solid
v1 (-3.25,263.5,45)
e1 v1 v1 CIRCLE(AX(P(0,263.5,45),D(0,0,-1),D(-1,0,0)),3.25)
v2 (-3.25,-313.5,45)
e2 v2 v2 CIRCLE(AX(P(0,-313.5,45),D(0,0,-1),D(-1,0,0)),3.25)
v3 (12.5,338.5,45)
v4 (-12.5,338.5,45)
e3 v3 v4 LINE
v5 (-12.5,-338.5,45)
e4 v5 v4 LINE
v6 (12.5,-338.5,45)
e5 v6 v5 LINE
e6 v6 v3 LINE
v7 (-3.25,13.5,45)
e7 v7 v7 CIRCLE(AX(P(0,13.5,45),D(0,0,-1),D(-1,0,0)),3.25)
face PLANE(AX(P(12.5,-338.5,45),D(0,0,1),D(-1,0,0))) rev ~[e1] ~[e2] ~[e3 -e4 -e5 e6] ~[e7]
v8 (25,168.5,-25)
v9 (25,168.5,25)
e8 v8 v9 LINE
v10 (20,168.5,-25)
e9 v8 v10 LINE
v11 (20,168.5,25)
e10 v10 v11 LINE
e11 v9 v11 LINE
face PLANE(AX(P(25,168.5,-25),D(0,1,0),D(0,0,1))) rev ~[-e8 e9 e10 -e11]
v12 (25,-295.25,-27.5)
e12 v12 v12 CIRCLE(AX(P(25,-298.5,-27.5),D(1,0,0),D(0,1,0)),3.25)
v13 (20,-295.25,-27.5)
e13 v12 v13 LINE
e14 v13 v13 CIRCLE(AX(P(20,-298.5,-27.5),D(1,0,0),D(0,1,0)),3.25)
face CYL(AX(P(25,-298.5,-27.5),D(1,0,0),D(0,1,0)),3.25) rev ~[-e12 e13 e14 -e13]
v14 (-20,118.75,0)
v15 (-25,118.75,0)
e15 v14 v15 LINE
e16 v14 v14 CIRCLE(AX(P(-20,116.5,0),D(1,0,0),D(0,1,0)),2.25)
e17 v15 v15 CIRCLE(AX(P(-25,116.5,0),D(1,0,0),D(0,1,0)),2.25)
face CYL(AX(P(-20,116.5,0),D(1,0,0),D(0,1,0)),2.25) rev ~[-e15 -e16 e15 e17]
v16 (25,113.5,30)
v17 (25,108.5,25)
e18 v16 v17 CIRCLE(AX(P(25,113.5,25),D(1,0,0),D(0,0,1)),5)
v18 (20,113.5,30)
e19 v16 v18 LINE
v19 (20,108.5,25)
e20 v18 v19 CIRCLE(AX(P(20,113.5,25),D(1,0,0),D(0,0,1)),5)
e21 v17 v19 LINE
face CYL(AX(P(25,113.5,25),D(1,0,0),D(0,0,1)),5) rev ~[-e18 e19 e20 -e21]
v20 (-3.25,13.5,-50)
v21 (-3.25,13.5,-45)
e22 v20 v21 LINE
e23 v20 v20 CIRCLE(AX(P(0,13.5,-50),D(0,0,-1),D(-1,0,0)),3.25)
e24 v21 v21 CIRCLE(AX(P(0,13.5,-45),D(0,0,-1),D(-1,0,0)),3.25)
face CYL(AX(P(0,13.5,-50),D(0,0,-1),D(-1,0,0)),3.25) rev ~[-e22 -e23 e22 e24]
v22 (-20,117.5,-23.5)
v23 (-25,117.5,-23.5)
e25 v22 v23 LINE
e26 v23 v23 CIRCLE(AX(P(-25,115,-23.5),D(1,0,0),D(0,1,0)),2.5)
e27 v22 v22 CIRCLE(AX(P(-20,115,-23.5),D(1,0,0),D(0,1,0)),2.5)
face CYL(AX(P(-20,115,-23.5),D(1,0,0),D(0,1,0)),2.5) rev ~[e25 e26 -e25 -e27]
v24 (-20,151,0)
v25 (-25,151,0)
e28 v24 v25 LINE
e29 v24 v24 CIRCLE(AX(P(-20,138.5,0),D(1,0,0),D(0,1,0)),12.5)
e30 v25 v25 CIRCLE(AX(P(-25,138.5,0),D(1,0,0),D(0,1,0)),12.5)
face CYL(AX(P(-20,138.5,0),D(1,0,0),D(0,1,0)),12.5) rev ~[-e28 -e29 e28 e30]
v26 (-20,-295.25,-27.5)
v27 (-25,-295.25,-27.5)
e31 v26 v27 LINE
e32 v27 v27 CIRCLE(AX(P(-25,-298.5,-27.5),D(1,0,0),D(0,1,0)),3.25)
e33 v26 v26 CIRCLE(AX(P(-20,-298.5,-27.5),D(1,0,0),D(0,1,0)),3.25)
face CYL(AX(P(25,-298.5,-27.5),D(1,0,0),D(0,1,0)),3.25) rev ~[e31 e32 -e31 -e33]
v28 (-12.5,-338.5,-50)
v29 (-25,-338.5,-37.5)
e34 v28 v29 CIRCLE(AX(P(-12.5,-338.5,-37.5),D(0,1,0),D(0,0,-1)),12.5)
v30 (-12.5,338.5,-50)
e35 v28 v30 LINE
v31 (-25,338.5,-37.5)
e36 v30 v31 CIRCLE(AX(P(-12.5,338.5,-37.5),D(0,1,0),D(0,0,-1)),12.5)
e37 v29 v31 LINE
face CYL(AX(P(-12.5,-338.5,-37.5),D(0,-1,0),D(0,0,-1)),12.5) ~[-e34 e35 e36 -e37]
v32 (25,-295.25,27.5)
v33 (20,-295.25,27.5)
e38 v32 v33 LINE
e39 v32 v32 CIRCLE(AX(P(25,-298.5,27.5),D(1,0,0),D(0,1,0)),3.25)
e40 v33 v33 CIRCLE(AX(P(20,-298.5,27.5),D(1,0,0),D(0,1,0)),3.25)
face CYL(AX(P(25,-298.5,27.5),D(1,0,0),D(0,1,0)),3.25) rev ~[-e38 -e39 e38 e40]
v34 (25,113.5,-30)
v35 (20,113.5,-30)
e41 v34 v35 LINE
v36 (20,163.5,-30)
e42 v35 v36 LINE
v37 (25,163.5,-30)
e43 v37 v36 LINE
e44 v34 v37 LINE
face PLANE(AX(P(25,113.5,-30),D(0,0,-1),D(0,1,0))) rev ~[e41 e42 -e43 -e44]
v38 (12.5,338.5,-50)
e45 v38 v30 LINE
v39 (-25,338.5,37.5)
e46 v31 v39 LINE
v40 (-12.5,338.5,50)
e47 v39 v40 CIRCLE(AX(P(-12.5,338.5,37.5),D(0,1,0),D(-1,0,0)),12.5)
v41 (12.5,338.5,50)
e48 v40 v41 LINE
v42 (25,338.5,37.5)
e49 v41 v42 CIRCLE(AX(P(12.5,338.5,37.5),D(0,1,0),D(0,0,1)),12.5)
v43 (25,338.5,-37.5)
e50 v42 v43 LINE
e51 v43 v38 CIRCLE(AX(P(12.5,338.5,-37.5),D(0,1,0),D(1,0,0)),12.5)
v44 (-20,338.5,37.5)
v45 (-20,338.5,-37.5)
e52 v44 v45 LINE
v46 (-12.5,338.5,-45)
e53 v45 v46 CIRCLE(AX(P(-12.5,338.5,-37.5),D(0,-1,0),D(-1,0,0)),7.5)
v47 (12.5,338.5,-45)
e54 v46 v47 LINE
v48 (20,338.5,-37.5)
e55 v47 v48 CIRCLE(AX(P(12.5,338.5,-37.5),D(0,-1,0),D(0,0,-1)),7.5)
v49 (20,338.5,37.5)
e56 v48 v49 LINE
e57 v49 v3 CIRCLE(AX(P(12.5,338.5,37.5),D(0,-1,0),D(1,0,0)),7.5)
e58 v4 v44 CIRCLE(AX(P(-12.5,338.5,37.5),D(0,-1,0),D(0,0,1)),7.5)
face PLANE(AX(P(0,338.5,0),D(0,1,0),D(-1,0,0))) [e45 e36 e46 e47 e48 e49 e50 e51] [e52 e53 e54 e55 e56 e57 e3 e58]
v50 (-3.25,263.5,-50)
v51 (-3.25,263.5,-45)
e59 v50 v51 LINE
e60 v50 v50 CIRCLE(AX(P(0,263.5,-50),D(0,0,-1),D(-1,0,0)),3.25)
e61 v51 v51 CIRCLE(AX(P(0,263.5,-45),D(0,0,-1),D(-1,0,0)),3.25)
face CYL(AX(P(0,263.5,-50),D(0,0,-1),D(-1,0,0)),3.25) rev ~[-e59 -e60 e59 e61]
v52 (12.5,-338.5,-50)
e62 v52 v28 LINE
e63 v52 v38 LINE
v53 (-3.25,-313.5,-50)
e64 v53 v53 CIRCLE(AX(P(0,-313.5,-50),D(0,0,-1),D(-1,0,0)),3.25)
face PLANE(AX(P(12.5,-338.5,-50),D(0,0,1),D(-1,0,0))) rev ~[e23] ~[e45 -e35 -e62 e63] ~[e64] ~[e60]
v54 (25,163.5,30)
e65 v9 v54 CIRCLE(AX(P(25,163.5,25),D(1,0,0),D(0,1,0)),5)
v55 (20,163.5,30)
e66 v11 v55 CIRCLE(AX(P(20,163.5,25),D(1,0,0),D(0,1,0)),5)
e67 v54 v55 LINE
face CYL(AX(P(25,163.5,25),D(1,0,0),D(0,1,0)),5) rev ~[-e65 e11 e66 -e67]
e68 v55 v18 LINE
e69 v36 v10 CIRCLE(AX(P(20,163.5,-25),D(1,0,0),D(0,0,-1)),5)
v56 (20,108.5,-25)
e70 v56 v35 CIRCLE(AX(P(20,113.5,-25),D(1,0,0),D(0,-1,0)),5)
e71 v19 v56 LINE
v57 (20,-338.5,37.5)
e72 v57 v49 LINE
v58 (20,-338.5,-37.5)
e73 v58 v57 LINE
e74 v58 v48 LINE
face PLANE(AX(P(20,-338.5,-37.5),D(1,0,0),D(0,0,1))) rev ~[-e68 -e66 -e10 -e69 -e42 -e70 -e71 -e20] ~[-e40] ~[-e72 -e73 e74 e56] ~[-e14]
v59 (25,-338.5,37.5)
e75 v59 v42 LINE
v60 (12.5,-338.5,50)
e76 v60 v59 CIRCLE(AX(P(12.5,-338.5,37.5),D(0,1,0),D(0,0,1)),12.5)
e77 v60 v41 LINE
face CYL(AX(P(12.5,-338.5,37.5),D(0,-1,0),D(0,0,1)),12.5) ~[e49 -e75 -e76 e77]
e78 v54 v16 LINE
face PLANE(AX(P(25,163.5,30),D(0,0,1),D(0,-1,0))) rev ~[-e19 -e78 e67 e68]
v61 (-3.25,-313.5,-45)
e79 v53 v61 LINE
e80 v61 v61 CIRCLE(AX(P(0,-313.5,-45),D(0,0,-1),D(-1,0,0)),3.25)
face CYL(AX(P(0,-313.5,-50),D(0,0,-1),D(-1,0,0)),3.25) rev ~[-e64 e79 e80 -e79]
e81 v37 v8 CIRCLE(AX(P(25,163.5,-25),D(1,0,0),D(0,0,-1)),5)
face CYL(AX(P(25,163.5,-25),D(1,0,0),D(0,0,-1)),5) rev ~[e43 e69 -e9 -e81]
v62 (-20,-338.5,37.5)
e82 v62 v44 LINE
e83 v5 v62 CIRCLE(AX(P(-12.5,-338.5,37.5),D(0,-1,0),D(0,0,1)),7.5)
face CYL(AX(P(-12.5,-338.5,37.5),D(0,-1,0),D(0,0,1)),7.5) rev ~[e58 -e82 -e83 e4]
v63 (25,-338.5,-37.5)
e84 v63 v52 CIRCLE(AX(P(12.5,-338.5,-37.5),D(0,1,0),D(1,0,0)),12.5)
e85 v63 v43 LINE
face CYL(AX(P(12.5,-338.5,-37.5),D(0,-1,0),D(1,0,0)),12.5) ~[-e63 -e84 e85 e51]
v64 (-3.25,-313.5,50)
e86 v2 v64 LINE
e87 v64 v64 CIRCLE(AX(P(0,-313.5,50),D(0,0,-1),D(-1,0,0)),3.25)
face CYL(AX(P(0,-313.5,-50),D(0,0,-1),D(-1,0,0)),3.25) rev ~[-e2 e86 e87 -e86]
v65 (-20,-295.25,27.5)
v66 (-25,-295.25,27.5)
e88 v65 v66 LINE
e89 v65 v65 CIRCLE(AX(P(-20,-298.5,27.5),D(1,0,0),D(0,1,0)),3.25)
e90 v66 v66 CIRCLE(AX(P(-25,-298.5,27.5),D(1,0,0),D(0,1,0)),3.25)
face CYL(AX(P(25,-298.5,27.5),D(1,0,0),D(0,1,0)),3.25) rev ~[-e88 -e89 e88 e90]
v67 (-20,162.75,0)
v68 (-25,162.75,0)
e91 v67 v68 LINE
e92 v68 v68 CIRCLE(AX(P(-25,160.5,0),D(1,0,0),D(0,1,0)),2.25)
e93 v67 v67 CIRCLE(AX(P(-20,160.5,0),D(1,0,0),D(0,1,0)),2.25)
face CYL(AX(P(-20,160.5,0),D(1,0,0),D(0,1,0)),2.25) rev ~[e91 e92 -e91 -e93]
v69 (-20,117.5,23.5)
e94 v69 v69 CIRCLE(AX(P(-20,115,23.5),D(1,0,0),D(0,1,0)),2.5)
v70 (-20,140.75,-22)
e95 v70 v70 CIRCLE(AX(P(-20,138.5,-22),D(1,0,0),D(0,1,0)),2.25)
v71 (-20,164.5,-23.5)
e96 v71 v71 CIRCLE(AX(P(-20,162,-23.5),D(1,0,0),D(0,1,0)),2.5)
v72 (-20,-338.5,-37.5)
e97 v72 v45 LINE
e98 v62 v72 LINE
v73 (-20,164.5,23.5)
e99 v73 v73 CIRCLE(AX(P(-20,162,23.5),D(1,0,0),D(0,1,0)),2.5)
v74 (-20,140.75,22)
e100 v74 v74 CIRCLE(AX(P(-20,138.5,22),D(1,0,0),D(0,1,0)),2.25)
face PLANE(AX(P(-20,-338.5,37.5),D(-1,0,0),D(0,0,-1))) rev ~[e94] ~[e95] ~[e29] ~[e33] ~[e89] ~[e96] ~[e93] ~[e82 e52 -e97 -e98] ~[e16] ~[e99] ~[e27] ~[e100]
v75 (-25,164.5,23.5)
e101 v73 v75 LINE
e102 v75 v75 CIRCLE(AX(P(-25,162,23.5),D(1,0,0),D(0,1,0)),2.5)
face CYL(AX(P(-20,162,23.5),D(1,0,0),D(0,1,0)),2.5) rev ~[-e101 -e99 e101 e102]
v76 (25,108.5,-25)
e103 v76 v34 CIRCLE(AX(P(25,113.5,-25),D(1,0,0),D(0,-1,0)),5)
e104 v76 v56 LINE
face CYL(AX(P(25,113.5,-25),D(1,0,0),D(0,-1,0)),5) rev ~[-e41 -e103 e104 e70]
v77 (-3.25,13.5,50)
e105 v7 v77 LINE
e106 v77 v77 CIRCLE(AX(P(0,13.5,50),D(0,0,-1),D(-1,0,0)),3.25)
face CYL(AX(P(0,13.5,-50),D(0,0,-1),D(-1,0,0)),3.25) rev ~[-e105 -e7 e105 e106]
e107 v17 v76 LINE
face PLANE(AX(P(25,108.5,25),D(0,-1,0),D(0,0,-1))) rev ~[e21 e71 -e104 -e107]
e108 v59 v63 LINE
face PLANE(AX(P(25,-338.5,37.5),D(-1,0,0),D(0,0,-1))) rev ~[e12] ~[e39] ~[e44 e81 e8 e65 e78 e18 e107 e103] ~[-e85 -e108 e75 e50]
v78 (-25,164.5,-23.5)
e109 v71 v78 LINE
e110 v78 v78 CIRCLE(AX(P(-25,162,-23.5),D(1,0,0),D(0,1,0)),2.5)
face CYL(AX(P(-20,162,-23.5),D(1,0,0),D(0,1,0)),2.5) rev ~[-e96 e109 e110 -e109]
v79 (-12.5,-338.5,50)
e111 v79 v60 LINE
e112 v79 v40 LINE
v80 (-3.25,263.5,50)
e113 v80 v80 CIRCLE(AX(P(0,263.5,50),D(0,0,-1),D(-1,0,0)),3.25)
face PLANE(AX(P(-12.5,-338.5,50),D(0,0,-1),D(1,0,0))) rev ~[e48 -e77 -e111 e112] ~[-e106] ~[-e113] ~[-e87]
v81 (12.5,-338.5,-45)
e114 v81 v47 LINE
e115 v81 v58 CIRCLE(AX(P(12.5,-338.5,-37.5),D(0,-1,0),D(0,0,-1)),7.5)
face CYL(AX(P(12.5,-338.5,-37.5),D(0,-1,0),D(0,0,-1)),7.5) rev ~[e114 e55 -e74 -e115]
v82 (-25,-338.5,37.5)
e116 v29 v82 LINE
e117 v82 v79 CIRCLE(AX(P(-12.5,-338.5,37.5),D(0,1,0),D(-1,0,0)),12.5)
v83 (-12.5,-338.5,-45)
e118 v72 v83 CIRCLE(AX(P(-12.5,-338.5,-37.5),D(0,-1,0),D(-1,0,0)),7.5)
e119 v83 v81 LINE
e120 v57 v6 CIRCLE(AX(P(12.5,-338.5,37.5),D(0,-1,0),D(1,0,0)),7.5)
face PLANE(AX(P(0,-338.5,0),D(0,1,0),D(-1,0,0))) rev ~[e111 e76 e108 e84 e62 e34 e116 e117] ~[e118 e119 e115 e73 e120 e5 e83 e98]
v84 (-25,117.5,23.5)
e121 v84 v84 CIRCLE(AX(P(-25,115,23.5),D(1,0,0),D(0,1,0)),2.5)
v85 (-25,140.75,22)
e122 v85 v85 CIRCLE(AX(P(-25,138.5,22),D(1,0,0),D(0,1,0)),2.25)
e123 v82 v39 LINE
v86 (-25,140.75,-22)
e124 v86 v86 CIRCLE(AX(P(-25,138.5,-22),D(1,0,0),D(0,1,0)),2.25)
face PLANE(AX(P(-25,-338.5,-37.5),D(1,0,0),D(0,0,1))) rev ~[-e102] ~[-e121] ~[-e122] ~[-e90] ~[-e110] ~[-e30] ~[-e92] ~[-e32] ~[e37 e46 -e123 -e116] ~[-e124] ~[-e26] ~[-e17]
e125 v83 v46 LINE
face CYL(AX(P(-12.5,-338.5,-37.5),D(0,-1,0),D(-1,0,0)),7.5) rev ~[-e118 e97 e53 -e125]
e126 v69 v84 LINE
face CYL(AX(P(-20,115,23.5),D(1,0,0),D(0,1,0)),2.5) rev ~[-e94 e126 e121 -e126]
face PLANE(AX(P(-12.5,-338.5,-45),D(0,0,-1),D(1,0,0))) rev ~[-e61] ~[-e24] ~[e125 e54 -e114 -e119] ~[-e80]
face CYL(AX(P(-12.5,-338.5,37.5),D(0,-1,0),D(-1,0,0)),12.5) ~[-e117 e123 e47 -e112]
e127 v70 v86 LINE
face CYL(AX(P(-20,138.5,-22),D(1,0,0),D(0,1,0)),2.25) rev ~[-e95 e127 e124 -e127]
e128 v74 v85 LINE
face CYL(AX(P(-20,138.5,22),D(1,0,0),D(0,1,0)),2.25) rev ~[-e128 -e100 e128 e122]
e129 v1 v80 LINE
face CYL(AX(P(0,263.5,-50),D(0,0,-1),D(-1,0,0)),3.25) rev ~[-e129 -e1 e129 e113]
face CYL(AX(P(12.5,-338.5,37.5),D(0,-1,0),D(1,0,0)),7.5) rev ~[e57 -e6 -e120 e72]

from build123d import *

# Parameters (mm, degrees)
RHS_C350_AS_100X50X5_0_RHS_C350_1_DEPTH = 677
SKETCH12_R                              = 2.25
CUT_EXTRUDE1_DEPTH                      = 10
CUT_EXTRUDE2_DEPTH                      = 10
SKETCH17_R                              = 12.5
SKETCH17_R_2                            = 2.5
CUT_EXTRUDE3_DEPTH                      = 10
SKETCH18_R                              = 3.25
CUT_EXTRUDE4_DEPTH                      = 354.846364966
SKETCH19_R                              = 3.25
CUT_EXTRUDE5_DEPTH                      = 354.846364966
SKETCH20_R                              = 3.25
CUT_EXTRUDE6_DEPTH                      = 346.806665638
SKETCH21_R                              = 2.25
CUT_EXTRUDE7_DEPTH                      = 10


with BuildPart() as part:
    # Sketch11 → Rhs c350 as 100X50X5.0 RHS C350(1) (new body)
    with BuildSketch(Plane(origin=(0, -338.5, 0), x_dir=(-1, 0, 0), z_dir=(0, 1, 0))):
        with BuildLine():
            Line((-12.5, -50), (12.5, -50))
            ThreePointArc((12.5, -50), (21.338834765, -46.338834765), (25, -37.5))
            Line((25, -37.5), (25, 37.5))
            ThreePointArc((25, 37.5), (21.338834765, 46.338834765), (12.5, 50))
            Line((12.5, 50), (-12.5, 50))
            ThreePointArc((-12.5, 50), (-21.338834765, 46.338834765), (-25, 37.5))
            Line((-25, 37.5), (-25, -37.5))
            ThreePointArc((-25, -37.5), (-21.338834765, -46.338834765), (-12.5, -50))
        make_face()
        with BuildLine():
            Line((-12.5, 45), (12.5, 45))
            ThreePointArc((12.5, 45), (17.803300859, 42.803300859), (20, 37.5))
            Line((20, 37.5), (20, -37.5))
            ThreePointArc((20, -37.5), (17.803300859, -42.803300859), (12.5, -45))
            Line((12.5, -45), (-12.5, -45))
            ThreePointArc((-12.5, -45), (-17.803300859, -42.803300859), (-20, -37.5))
            Line((-20, -37.5), (-20, 37.5))
            ThreePointArc((-20, 37.5), (-17.803300859, 42.803300859), (-12.5, 45))
        make_face(mode=Mode.SUBTRACT)
    extrude(amount=RHS_C350_AS_100X50X5_0_RHS_C350_1_DEPTH)

    # Sketch12 → Cut-Extrude1 (cut)
    with BuildSketch(Plane(origin=(25, 0, 0), x_dir=(0, 0, -1), z_dir=(1, 0, 0))):
        with Locations(Location((14.849242405, 153.349242405, 0), (0, 0, 90))):
            Circle(SKETCH12_R)
        with Locations(Location((-14.849242405, 153.349242405, 0), (0, 0, 90))):
            Circle(SKETCH12_R)
        with Locations(Location((-14.849242405, 123.650757595, 0), (0, 0, 90))):
            Circle(SKETCH12_R)
        with Locations(Location((14.849242405, 123.650757595, 0), (0, 0, 90))):
            Circle(SKETCH12_R)
    extrude(amount=-CUT_EXTRUDE1_DEPTH, mode=Mode.SUBTRACT)

    # Sketch16 → Cut-Extrude2 (cut)
    with BuildSketch(Plane(origin=(25, 0, 0), x_dir=(0, 0, -1), z_dir=(1, 0, 0))):
        with BuildLine():
            Line((-25, 108.5), (25, 108.5))
            ThreePointArc((25, 108.5), (28.535533906, 109.964466094), (30, 113.5))
            Line((30, 113.5), (30, 163.5))
            ThreePointArc((30, 163.5), (28.535533906, 167.035533906), (25, 168.5))
            Line((25, 168.5), (-25, 168.5))
            ThreePointArc((-25, 168.5), (-28.535533906, 167.035533906), (-30, 163.5))
            Line((-30, 163.5), (-30, 113.5))
            ThreePointArc((-30, 113.5), (-28.535533906, 109.964466094), (-25, 108.5))
        make_face()
    extrude(amount=-CUT_EXTRUDE2_DEPTH, mode=Mode.SUBTRACT)

    # Sketch17 → Cut-Extrude3 (cut)
    with BuildSketch(Plane(origin=(-20, 0, 0), x_dir=(0, 0, -1), z_dir=(1, 0, 0))):
        with Locations(Location((0, 138.5, 0), (0, 0, 90))):
            Circle(SKETCH17_R)
        with Locations(Location((-23.5, 162, 0), (0, 0, 90))):
            Circle(SKETCH17_R_2)
        with Locations(Location((23.5, 162, 0), (0, 0, 90))):
            Circle(SKETCH17_R_2)
        with Locations(Location((-23.5, 115, 0), (0, 0, 90))):
            Circle(SKETCH17_R_2)
        with Locations(Location((23.5, 115, 0), (0, 0, 90))):
            Circle(SKETCH17_R_2)
    extrude(amount=-CUT_EXTRUDE3_DEPTH, mode=Mode.SUBTRACT)

    # Sketch18 → Cut-Extrude4 (cut, through all)
    with BuildSketch(Plane(origin=(0, 0, -50), x_dir=(-1, 0, 0), z_dir=(0, 0, -1))):
        with Locations((0, 263.5)):
            Circle(SKETCH18_R)
        with Locations((0, 13.5)):
            Circle(SKETCH18_R)
    extrude(amount=-CUT_EXTRUDE4_DEPTH, mode=Mode.SUBTRACT)

    # Sketch19 → Cut-Extrude5 (cut, through all)
    with BuildSketch(Plane(origin=(0, 0, -50), x_dir=(-1, 0, 0), z_dir=(0, 0, -1))):
        with Locations((0, -313.5)):
            Circle(SKETCH19_R)
    extrude(amount=-CUT_EXTRUDE5_DEPTH, mode=Mode.SUBTRACT)

    # Sketch20 → Cut-Extrude6 (cut, through all)
    with BuildSketch(Plane(origin=(25, 0, 0), x_dir=(0, 0, -1), z_dir=(1, 0, 0))):
        with Locations(Location((27.5, -298.5, 0), (0, 0, 90))):
            Circle(SKETCH20_R)
        with Locations(Location((-27.5, -298.5, 0), (0, 0, 90))):
            Circle(SKETCH20_R)
    extrude(amount=-CUT_EXTRUDE6_DEPTH, mode=Mode.SUBTRACT)

    # Sketch21 → Cut-Extrude7 (cut)
    with BuildSketch(Plane(origin=(-20, 0, 0), x_dir=(0, 0, -1), z_dir=(1, 0, 0))):
        with Locations(Location((0, 160.5, 0), (0, 0, 90))):
            Circle(SKETCH21_R)
        with Locations(Location((22, 138.5, 0), (0, 0, 90))):
            Circle(SKETCH21_R)
        with Locations(Location((0, 116.5, 0), (0, 0, 90))):
            Circle(SKETCH21_R)
        with Locations(Location((-22, 138.5, 0), (0, 0, 90))):
            Circle(SKETCH21_R)
    extrude(amount=-CUT_EXTRUDE7_DEPTH, mode=Mode.SUBTRACT)


solid = part.part
